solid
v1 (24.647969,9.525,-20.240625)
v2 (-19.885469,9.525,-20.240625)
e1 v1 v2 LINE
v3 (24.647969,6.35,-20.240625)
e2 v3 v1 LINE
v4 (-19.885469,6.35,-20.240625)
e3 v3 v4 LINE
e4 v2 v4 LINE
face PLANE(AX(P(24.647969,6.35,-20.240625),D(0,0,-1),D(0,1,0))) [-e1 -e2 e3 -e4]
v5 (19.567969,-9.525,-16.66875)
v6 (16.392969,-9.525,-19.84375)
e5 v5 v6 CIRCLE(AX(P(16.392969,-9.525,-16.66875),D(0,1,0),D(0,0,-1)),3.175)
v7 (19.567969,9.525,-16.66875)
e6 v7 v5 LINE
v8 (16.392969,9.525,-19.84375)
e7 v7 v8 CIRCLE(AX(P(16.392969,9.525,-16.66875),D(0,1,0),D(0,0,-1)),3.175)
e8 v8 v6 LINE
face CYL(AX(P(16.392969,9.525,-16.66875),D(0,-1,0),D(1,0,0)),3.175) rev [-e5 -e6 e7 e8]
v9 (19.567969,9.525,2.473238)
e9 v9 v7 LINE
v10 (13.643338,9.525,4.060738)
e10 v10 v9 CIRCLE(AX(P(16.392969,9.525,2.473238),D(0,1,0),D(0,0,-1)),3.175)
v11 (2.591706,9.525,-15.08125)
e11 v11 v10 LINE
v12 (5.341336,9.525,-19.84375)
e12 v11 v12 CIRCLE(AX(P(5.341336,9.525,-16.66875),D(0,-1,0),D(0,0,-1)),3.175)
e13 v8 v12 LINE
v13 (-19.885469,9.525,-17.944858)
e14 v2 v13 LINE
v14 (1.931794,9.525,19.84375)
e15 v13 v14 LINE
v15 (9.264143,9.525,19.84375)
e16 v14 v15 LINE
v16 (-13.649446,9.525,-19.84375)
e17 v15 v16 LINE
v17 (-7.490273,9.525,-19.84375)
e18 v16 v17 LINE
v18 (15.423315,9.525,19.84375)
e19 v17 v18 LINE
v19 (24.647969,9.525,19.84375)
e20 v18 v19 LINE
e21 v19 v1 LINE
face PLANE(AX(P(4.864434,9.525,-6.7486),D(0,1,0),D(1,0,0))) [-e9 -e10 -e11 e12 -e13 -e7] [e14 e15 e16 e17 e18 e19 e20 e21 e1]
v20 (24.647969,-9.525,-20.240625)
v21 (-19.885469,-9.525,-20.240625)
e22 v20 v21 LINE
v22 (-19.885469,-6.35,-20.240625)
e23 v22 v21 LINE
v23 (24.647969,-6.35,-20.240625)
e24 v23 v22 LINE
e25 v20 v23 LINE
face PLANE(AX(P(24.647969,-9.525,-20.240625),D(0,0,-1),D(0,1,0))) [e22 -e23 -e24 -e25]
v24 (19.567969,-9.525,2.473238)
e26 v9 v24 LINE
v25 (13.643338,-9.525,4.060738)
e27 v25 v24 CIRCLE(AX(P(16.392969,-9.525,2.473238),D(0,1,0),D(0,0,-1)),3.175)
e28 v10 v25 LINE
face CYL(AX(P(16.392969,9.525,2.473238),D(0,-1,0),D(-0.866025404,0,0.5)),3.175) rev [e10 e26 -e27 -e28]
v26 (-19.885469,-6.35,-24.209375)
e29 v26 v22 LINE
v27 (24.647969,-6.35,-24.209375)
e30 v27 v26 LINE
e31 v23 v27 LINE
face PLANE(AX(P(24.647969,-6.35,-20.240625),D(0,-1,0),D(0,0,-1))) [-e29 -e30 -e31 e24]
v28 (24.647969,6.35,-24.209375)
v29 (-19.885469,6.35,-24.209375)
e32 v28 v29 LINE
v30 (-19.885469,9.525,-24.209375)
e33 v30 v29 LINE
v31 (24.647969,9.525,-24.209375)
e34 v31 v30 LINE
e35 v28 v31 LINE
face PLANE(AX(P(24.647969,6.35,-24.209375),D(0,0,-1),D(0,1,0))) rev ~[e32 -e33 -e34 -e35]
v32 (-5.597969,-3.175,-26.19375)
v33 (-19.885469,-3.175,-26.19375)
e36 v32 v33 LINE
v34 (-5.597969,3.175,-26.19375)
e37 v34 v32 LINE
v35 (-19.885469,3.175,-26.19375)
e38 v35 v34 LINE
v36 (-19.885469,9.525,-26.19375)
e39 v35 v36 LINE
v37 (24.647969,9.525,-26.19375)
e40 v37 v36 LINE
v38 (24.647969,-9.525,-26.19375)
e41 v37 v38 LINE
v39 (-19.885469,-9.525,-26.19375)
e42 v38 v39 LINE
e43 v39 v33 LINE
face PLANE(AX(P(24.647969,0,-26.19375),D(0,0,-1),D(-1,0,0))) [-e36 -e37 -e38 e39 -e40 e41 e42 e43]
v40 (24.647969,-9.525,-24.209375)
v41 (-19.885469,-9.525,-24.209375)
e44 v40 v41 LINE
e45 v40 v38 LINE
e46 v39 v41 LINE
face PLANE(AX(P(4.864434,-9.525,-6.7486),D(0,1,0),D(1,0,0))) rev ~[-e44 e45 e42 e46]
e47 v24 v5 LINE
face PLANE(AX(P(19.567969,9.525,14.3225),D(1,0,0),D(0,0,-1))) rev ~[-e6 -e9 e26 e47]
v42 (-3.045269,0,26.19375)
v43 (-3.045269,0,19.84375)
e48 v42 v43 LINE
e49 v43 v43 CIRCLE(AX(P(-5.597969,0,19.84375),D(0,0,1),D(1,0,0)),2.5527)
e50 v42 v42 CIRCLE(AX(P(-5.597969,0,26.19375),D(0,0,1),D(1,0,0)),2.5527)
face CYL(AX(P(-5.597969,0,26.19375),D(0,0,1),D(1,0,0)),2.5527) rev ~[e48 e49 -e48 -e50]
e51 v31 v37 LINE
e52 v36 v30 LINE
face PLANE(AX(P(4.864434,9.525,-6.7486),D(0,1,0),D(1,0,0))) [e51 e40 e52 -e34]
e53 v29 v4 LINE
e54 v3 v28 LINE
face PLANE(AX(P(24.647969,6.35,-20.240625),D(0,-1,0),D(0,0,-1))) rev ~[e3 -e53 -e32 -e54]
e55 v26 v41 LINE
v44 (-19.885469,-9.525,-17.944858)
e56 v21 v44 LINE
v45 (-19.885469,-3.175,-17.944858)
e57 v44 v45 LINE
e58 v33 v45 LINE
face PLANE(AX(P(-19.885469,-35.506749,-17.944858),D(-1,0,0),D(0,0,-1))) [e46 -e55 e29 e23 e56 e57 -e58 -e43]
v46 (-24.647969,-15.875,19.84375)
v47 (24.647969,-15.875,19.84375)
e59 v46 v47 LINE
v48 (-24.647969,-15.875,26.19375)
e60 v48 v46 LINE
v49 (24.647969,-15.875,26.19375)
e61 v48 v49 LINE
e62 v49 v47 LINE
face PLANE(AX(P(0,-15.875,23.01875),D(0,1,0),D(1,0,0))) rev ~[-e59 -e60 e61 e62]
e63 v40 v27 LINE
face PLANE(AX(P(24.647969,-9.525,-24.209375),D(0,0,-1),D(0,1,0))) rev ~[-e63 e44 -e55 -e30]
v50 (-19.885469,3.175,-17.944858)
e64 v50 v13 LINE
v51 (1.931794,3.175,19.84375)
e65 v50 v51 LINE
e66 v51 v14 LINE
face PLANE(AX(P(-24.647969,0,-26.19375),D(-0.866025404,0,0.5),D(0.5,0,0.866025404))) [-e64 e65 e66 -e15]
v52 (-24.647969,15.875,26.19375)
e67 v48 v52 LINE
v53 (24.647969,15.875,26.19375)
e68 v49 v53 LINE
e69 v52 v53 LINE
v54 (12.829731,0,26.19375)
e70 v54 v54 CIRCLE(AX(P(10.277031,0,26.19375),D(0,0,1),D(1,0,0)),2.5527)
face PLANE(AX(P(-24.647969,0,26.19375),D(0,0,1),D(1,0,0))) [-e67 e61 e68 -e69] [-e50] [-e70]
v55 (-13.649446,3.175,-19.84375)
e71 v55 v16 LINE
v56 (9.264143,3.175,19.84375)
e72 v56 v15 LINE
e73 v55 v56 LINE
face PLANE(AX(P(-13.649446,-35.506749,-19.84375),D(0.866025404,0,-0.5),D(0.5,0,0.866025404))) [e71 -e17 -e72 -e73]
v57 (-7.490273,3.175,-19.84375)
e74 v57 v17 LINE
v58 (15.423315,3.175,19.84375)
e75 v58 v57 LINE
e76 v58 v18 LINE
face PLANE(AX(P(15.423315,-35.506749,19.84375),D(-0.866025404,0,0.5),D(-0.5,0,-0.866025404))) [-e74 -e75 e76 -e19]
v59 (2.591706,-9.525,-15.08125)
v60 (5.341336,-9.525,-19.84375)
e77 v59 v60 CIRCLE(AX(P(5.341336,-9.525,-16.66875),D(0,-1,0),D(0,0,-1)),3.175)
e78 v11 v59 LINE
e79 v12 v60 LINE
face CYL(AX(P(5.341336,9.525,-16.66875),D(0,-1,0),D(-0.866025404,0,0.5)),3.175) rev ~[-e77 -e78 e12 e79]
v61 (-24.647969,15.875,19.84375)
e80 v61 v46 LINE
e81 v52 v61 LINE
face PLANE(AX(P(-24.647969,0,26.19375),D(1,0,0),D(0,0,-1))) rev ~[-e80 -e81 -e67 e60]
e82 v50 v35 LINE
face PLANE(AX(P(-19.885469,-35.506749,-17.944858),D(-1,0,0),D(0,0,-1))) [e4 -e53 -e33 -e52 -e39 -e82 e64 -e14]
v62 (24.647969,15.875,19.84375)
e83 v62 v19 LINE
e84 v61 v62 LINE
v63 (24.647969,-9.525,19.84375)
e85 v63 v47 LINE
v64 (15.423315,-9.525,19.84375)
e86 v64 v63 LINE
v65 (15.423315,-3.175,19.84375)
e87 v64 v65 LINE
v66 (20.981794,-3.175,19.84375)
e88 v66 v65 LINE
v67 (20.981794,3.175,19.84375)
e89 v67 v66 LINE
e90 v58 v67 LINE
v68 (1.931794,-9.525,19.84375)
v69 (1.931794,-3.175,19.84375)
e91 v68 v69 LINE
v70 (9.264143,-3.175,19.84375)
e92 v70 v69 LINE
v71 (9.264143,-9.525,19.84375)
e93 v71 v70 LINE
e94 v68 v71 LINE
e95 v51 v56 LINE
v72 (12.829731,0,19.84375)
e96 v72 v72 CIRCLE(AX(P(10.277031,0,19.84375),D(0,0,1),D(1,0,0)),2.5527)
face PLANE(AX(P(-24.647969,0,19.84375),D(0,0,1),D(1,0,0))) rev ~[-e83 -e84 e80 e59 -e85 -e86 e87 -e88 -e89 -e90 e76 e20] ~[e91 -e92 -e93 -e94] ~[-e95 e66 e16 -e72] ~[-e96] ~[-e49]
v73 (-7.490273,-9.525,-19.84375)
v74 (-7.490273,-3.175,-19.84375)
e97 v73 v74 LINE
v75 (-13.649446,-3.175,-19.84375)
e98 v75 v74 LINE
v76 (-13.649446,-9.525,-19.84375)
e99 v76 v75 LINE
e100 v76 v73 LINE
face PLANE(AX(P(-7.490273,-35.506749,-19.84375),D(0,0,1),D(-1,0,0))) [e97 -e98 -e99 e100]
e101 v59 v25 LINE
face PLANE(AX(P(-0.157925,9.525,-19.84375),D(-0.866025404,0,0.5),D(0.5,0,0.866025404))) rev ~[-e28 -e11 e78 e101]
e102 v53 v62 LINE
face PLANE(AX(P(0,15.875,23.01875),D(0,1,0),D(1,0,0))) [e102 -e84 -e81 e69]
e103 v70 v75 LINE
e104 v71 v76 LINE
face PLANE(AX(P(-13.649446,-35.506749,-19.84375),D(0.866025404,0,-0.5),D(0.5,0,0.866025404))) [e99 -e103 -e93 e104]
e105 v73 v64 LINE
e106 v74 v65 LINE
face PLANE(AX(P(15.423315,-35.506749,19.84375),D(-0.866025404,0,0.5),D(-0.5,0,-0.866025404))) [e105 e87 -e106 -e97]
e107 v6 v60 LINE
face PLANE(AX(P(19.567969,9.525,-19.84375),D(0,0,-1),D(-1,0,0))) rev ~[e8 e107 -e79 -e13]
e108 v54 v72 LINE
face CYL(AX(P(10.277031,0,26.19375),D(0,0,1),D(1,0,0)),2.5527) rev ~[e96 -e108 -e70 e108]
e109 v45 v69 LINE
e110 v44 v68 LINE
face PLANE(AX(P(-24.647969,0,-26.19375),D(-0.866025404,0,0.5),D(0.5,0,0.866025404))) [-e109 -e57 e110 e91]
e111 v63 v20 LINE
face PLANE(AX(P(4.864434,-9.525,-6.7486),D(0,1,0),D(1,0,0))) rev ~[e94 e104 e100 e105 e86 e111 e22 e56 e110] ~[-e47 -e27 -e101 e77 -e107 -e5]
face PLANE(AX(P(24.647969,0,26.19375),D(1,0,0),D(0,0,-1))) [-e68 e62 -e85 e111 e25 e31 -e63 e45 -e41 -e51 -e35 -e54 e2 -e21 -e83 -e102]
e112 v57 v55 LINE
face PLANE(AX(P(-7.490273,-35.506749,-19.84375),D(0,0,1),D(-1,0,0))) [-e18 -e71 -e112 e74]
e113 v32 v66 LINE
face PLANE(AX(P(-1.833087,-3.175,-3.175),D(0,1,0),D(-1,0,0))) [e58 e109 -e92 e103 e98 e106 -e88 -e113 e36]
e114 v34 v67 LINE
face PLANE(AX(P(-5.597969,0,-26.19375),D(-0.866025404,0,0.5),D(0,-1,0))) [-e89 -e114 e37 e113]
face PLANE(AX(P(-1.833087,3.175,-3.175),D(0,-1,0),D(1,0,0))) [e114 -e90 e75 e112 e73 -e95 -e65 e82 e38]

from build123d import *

# Parameters (mm, degrees)
BOSS_EXTRUDE1_DEPTH     = 9.525
SKETCH2_3_W             = 49.295937228
SKETCH2_3_H             = 6.35
BOSS_EXTRUDE2_DEPTH     = 15.875
SKETCH10_W              = 19.05
SKETCH10_H              = 6.35
CUT_EXTRUDE1_DEPTH      = 45.031748726
CUT_EXTRUDE1_DEPTH_BACK = 45.031748726
CUT_EXTRUDE2_DEPTH      = 45.031748726
CUT_EXTRUDE2_DEPTH_BACK = 45.031748726
CUT_EXTRUDE3_REACH      = 62.033
SKETCH14_R              = 2.5527
CUT_EXTRUDE4_DEPTH      = 45.031748726
FILLET1_R               = 3.175
SKETCH17_W              = 3.96875
SKETCH17_H              = 3.175
CUT_EXTRUDE5_DEPTH      = 59.036347156


with BuildPart() as part:
    # Sketch2 → Boss-Extrude1 (new, symmetric)
    with BuildSketch(Plane(origin=(0, 0, 0), x_dir=(1, 0, 0), z_dir=(0, 1, 0))):
        Polygon((24.647968614, 26.19375), (-24.647968614, 26.19375), (1.931794404, -19.84375), (24.647968614, -19.84375), align=None)
    extrude(amount=BOSS_EXTRUDE1_DEPTH, both=True)

    # Sketch2<3> → Boss-Extrude2 (add, symmetric)
    with BuildSketch(Plane(origin=(0, 0, 0), x_dir=(1, 0, 0), z_dir=(0, 1, 0))):
        with Locations((0, -23.01875)):
            Rectangle(SKETCH2_3_W, SKETCH2_3_H)
    extrude(amount=BOSS_EXTRUDE2_DEPTH, both=True)

    # Cut-Sweep1: sweep along a curve in space
    with BuildLine() as cut_sweep1_path:
        Line((-24.647968614, 9.525, -26.19375), (1.931794404, 9.525, 19.84375))
    # Sketch10 → Cut-Sweep1 (sweep, cut)
    with BuildSketch(Plane(origin=(0, 0, -26.19375), x_dir=(-1, 0, 0), z_dir=(0, 0, -1))):
        with Locations((15.122968614, 0)):
            Rectangle(SKETCH10_W, SKETCH10_H)
    sweep(path=cut_sweep1_path.line, mode=Mode.SUBTRACT)

    # Sketch11 → Cut-Extrude1 (cut, two sides: drawn at the far end of the back side and taken through both)
    with BuildSketch(Plane(origin=(0, 9.525, 0), x_dir=(1, 0, 0), z_dir=(0, 1, 0)).offset(-CUT_EXTRUDE1_DEPTH_BACK)):
        Polygon((-19.885468614, 26.19375), (-24.647968614, 26.19375), (-19.885468614, 17.944858029), align=None)
    extrude(amount=CUT_EXTRUDE1_DEPTH + CUT_EXTRUDE1_DEPTH_BACK, mode=Mode.SUBTRACT)

    # Sketch13 → Cut-Extrude2 (cut, two sides: drawn at the far end of the back side and taken through both)
    with BuildSketch(Plane(origin=(0, 9.525, 0), x_dir=(1, 0, 0), z_dir=(0, 1, 0)).offset(-CUT_EXTRUDE2_DEPTH_BACK)):
        Polygon((-13.649445986, 19.84375), (9.264142823, -19.84375), (15.423315495, -19.84375), (-7.490273314, 19.84375), align=None)
    extrude(amount=CUT_EXTRUDE2_DEPTH + CUT_EXTRUDE2_DEPTH_BACK, mode=Mode.SUBTRACT)

    # Sketch14 → Cut-Extrude3 (cut, up to next)
    with BuildSketch(Plane.XY.offset(26.19375), mode=Mode.PRIVATE) as cut_extrude3_sk1:
        with Locations((10.277031386, 0)):
            Circle(SKETCH14_R)
    cut_extrude3_tool1 = extrude(cut_extrude3_sk1.sketch, amount=-CUT_EXTRUDE3_REACH, mode=Mode.PRIVATE) & part.part
    # Sketch14 → Cut-Extrude3 (cut, up to next)
    with BuildSketch(Plane.XY.offset(26.19375), mode=Mode.PRIVATE) as cut_extrude3_sk2:
        with Locations((-5.597968614, 0)):
            Circle(SKETCH14_R)
    cut_extrude3_tool2 = extrude(cut_extrude3_sk2.sketch, amount=-CUT_EXTRUDE3_REACH, mode=Mode.PRIVATE) & part.part
    add(cut_extrude3_tool1.solids().sort_by_distance((10.277031, 0, 26.19375))[0], mode=Mode.SUBTRACT)
    add(cut_extrude3_tool2.solids().sort_by_distance((-5.597969, 0, 26.19375))[0], mode=Mode.SUBTRACT)

    # Sketch16 → Cut-Extrude4 (cut, through all)
    with BuildSketch(Plane(origin=(0, 9.525, 0), x_dir=(1, 0, 0), z_dir=(0, 1, 0))):
        Polygon((-0.157924895, 19.84375), (19.567968614, -14.322499782), (19.567968614, 19.84375), align=None)
    extrude(amount=-CUT_EXTRUDE4_DEPTH, mode=Mode.SUBTRACT)

    # Fillet1
    fillet1_edges = [part.edges().sort_by_distance(p)[0] for p in [
        (-0.157924895, 0, -19.84375),
        (19.567968614, 0, -19.84375),
        (19.567968614, 0, 14.322499782),
    ]]
    fillet(fillet1_edges, radius=FILLET1_R)

    # Sketch17 → Cut-Extrude5 (cut, through all)
    with BuildSketch(Plane(origin=(24.647968614, 0, 0), x_dir=(0, 0, -1), z_dir=(1, 0, 0))):
        with Locations((22.225, 7.9375)):
            Rectangle(SKETCH17_W, SKETCH17_H)
        with Locations((22.225, -7.9375)):
            Rectangle(SKETCH17_W, SKETCH17_H)
    extrude(amount=-CUT_EXTRUDE5_DEPTH, mode=Mode.SUBTRACT)


solid = part.part
